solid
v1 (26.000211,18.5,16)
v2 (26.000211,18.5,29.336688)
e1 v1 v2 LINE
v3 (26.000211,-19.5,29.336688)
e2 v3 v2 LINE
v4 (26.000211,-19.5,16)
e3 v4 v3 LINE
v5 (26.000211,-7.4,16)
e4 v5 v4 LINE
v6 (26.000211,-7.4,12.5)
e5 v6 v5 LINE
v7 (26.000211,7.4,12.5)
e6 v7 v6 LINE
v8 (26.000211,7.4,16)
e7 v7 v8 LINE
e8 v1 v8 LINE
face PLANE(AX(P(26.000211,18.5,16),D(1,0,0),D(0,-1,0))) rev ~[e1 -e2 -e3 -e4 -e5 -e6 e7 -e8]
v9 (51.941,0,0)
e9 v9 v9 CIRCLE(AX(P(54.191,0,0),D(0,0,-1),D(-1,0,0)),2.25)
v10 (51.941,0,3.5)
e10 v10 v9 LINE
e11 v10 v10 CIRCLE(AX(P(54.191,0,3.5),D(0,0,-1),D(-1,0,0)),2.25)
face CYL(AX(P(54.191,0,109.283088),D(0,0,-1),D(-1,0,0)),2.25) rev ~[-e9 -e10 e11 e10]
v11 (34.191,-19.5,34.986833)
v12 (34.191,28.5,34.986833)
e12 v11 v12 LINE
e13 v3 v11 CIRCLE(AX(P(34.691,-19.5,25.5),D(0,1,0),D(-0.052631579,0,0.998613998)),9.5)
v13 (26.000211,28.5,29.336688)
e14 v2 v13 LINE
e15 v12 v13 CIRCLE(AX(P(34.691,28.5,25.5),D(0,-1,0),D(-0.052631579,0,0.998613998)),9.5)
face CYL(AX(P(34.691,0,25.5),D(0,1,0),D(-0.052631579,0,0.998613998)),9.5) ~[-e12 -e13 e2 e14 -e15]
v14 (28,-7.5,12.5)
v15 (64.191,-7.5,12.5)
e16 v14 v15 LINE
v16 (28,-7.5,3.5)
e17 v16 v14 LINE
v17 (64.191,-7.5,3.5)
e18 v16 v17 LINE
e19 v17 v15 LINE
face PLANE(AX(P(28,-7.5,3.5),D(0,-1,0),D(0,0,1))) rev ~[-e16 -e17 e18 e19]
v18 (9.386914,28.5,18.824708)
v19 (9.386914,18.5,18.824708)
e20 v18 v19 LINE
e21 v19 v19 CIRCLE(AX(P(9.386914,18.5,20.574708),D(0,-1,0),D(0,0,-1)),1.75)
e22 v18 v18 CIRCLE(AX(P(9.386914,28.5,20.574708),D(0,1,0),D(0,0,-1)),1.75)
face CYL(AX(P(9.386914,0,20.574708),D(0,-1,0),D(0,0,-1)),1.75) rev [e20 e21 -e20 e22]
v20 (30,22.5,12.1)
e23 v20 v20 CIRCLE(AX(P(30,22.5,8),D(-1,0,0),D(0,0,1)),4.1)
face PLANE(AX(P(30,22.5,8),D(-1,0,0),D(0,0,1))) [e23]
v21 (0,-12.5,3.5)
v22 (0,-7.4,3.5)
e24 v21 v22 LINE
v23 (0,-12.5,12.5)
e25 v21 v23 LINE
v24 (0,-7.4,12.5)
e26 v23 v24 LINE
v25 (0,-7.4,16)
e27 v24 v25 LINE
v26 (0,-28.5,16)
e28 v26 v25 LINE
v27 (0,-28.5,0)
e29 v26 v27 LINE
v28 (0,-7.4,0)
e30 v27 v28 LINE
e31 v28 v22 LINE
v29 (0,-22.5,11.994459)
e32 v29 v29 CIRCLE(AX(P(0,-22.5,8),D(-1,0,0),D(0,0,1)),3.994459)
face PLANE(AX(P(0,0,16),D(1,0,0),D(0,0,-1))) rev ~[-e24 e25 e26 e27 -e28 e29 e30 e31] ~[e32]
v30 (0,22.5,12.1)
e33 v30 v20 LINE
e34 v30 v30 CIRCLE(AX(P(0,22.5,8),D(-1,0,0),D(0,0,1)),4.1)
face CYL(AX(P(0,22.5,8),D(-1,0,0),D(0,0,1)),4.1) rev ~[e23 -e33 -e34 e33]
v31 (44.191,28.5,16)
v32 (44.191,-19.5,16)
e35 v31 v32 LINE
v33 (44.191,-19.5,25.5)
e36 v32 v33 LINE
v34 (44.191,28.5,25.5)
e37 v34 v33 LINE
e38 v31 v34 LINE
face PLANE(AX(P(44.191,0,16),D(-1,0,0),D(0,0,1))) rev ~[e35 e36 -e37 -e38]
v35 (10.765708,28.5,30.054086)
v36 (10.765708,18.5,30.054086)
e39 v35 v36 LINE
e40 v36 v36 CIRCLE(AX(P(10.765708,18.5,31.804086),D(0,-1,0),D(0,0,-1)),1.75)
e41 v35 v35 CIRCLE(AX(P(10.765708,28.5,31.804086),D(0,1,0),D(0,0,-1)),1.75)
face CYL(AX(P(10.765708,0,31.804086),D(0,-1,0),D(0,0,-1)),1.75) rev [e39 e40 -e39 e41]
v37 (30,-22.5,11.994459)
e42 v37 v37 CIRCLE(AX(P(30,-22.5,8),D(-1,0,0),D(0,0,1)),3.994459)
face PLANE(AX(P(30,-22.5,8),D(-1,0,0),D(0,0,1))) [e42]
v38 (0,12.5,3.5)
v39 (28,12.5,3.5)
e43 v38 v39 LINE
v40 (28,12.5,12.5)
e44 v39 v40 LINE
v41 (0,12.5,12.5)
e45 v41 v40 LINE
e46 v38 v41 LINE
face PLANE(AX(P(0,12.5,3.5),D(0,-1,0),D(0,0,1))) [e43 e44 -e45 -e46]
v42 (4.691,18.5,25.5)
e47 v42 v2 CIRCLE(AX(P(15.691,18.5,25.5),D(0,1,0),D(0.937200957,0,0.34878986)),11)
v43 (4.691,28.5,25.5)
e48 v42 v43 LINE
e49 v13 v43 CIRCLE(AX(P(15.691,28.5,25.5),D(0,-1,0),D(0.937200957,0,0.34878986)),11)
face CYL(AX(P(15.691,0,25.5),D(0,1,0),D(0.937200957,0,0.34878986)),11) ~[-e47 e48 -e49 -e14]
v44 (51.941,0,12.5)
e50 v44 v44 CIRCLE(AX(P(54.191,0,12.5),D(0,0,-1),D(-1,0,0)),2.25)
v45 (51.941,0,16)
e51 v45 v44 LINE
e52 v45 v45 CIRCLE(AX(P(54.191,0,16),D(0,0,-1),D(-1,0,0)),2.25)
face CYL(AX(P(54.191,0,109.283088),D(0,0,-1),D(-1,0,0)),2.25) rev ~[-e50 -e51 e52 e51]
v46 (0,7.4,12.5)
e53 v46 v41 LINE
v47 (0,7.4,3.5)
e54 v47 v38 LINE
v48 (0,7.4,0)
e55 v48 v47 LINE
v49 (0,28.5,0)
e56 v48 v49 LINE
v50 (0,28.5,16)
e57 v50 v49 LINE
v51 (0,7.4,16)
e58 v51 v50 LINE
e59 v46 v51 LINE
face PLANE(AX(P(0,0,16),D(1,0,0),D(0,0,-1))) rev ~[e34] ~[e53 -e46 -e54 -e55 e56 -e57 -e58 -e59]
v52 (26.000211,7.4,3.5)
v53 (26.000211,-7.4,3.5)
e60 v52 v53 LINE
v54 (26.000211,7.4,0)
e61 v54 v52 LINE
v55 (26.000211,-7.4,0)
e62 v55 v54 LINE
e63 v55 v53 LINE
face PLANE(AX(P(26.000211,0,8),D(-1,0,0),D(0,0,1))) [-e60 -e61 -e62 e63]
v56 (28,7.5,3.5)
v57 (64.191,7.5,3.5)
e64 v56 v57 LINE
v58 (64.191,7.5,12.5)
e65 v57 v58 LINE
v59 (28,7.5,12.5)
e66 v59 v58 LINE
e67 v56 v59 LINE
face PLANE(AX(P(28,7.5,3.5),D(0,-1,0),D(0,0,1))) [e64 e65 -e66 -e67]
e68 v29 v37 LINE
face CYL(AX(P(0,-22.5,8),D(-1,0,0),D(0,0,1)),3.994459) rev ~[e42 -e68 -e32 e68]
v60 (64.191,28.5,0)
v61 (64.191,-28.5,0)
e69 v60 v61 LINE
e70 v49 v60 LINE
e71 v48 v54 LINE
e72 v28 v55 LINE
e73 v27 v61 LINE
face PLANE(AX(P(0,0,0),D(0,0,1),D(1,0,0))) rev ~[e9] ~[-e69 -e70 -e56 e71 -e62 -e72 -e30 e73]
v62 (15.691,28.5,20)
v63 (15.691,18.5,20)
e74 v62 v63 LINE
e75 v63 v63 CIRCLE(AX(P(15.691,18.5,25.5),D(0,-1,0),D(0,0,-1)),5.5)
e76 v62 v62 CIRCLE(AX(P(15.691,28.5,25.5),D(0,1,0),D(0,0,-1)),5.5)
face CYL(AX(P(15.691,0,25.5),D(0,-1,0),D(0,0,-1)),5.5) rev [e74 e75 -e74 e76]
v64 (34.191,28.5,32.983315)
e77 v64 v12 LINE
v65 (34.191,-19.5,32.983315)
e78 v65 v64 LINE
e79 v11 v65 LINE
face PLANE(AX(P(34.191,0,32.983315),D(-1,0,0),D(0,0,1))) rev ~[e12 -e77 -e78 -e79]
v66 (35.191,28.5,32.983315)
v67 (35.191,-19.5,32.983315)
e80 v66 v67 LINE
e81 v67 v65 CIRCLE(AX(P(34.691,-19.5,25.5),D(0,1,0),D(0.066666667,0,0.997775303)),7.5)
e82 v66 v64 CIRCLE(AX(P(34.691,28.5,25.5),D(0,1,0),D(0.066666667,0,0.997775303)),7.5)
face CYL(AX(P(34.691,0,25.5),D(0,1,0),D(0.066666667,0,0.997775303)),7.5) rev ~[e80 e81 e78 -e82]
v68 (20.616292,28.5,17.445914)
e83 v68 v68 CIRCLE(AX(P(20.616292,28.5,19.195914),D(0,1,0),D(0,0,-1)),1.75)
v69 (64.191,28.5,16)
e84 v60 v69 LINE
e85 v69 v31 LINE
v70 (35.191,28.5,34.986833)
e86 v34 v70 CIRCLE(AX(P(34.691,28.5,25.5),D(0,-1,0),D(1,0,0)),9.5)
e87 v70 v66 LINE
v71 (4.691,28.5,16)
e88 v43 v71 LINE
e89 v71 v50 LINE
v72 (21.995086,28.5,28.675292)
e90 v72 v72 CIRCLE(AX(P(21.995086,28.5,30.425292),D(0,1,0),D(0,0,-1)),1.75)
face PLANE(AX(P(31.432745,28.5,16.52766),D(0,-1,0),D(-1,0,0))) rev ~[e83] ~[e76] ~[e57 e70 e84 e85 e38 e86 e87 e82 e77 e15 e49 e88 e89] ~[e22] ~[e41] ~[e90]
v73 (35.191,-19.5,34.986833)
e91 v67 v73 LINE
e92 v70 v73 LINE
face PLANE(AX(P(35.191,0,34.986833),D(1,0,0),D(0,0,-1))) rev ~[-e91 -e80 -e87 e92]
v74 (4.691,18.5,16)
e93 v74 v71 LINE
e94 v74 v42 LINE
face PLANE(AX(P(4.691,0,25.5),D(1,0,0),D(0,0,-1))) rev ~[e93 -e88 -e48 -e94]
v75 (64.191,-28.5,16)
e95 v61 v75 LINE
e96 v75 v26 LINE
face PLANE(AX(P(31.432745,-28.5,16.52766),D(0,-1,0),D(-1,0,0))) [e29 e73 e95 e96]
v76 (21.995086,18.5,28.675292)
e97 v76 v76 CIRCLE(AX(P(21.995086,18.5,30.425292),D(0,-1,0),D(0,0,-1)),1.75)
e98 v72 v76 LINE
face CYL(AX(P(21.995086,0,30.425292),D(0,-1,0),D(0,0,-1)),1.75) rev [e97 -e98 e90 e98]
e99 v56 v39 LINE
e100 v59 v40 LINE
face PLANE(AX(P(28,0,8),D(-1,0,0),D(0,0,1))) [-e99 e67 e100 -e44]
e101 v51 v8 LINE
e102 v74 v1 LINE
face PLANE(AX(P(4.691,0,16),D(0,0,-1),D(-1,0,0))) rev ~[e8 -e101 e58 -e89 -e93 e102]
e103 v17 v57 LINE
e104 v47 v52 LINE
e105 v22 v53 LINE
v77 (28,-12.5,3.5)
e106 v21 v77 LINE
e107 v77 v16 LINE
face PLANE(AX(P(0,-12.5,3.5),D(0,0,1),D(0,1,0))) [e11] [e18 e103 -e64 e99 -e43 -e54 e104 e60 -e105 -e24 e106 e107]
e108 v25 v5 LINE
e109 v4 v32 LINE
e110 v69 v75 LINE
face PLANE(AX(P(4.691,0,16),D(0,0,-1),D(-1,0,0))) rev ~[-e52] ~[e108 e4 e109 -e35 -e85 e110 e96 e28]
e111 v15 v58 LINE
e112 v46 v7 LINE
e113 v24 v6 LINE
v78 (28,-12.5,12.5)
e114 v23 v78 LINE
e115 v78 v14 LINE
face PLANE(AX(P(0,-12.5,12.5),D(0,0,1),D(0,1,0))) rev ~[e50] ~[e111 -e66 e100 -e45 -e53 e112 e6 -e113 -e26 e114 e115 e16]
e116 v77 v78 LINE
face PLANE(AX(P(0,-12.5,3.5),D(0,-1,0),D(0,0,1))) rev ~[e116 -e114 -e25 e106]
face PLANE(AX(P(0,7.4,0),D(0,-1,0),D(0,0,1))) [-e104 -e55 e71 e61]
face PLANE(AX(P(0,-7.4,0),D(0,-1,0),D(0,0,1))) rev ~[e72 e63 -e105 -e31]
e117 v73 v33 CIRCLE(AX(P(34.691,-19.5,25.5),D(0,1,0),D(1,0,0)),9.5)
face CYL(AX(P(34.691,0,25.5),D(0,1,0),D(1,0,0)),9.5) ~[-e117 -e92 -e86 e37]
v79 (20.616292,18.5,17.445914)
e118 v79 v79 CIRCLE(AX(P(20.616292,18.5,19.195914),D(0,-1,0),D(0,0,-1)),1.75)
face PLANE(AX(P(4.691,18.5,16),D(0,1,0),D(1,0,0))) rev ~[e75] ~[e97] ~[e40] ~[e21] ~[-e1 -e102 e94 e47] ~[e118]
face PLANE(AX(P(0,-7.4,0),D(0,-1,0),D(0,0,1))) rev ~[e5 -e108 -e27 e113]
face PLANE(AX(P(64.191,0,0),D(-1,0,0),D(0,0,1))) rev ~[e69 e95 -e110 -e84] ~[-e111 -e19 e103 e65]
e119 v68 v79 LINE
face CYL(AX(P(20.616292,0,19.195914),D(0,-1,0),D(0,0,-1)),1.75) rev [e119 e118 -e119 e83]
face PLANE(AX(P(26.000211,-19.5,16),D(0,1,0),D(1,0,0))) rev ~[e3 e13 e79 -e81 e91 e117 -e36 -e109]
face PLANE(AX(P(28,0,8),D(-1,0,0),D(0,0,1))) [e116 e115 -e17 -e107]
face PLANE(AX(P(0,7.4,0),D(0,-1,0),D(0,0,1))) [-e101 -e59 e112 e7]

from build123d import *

# Parameters (mm, degrees)
SKETCH1_R            = 5.5
SKETCH1_R_2          = 1.75
BOSS_EXTRUDE1_DEPTH  = 28.5
CUT_EXTRUDE1_DEPTH   = 74.164092839
SKETCH3_W            = 9
SKETCH3_H            = 25
CUT_EXTRUDE2_DEPTH   = 28
SKETCH4_W            = 16
SKETCH4_H            = 14.8
CUT_EXTRUDE3_DEPTH   = 26.000210526
M4_CLEARANCE_HOLE1_D = 4.5
SKETCH6_R            = 3.994459126
SKETCH6_R_2          = 4.1
CUT_EXTRUDE4_DEPTH   = 30
SKETCH7_W            = 9
SKETCH7_H            = 15
CUT_EXTRUDE5_DEPTH   = 59.773195259


with BuildPart() as part:
    # Sketch1 → Boss-Extrude1 (new, symmetric)
    with BuildSketch(Plane(origin=(0, 0, 0), x_dir=(1, 0, 0), z_dir=(0, 1, 0))):
        with BuildLine():
            Line((0, 0), (64.191, 0))
            Line((64.191, 0), (64.191, -16))
            Line((64.191, -16), (44.191, -16))
            Line((44.191, -16), (44.191, -25.5))
            ThreePointArc((44.191, -25.5), (41.583024376, -32.038348415), (35.191, -34.986832981))
            Line((35.191, -34.986832981), (35.191, -32.983314774))
            ThreePointArc((35.191, -32.983314774), (34.691, -18), (34.191, -32.983314774))
            Line((34.191, -32.983314774), (34.191, -34.986832981))
            ThreePointArc((34.191, -34.986832981), (29.296680203, -33.319930558), (26.000210526, -29.336688458))
            ThreePointArc((26.000210526, -29.336688458), (13.741809885, -36.325925267), (4.691, -25.5))
            Line((4.691, -25.5), (4.691, -16))
            Line((4.691, -16), (0, -16))
            Line((0, -16), (0, 0))
        make_face()
        with Locations(Location((15.691, -25.5, 0), (0, 0, 90))):
            Circle(SKETCH1_R, mode=Mode.SUBTRACT)
        with Locations(Location((10.765708197, -31.804086029, 0), (0, 0, 90))):
            Circle(SKETCH1_R_2, mode=Mode.SUBTRACT)
        with Locations(Location((9.386913971, -20.574708197, 0), (0, 0, 90))):
            Circle(SKETCH1_R_2, mode=Mode.SUBTRACT)
        with Locations(Location((20.616291803, -19.195913971, 0), (0, 0, 90))):
            Circle(SKETCH1_R_2, mode=Mode.SUBTRACT)
        with Locations(Location((21.995086029, -30.425291803, 0), (0, 0, 90))):
            Circle(SKETCH1_R_2, mode=Mode.SUBTRACT)
    extrude(amount=BOSS_EXTRUDE1_DEPTH, both=True)

    # Sketch2 → Cut-Extrude1 (cut, through all)
    with BuildSketch(Plane.XY.offset(16)):
        Polygon((4.691, 18.5), (26.000210526, 18.5), (26.000210526, -19.5), (44.191, -19.5), (44.191, -28.5), (4.691, -28.5), align=None)
    extrude(amount=CUT_EXTRUDE1_DEPTH, mode=Mode.SUBTRACT)

    # Sketch3 → Cut-Extrude2 (cut)
    with BuildSketch(Plane.ZY):
        with Locations((8, 0)):
            Rectangle(SKETCH3_W, SKETCH3_H)
    extrude(amount=-CUT_EXTRUDE2_DEPTH, mode=Mode.SUBTRACT)

    # Sketch4 → Cut-Extrude3 (cut)
    with BuildSketch(Plane.ZY):
        with Locations((8, 0)):
            Rectangle(SKETCH4_W, SKETCH4_H)
    extrude(amount=-CUT_EXTRUDE3_DEPTH, mode=Mode.SUBTRACT)

    # M4 Clearance Hole1 (through all)
    with Locations(Plane(origin=(54.191, 0, 16), x_dir=(1, 0, 0), z_dir=(0, 0, 1))):
        with Locations((0, 0)):
            Hole(M4_CLEARANCE_HOLE1_D / 2)

    # Sketch6 → Cut-Extrude4 (cut)
    with BuildSketch(Plane.ZY):
        with Locations((8, -22.5)):
            Circle(SKETCH6_R)
        with Locations((8, 22.5)):
            Circle(SKETCH6_R_2)
    extrude(amount=-CUT_EXTRUDE4_DEPTH, mode=Mode.SUBTRACT)

    # Sketch7 → Cut-Extrude5 (cut, through all)
    with BuildSketch(Plane.ZY.offset(-28)):
        with Locations((8, 0)):
            Rectangle(SKETCH7_W, SKETCH7_H)
    extrude(amount=-CUT_EXTRUDE5_DEPTH, mode=Mode.SUBTRACT)


solid = part.part
